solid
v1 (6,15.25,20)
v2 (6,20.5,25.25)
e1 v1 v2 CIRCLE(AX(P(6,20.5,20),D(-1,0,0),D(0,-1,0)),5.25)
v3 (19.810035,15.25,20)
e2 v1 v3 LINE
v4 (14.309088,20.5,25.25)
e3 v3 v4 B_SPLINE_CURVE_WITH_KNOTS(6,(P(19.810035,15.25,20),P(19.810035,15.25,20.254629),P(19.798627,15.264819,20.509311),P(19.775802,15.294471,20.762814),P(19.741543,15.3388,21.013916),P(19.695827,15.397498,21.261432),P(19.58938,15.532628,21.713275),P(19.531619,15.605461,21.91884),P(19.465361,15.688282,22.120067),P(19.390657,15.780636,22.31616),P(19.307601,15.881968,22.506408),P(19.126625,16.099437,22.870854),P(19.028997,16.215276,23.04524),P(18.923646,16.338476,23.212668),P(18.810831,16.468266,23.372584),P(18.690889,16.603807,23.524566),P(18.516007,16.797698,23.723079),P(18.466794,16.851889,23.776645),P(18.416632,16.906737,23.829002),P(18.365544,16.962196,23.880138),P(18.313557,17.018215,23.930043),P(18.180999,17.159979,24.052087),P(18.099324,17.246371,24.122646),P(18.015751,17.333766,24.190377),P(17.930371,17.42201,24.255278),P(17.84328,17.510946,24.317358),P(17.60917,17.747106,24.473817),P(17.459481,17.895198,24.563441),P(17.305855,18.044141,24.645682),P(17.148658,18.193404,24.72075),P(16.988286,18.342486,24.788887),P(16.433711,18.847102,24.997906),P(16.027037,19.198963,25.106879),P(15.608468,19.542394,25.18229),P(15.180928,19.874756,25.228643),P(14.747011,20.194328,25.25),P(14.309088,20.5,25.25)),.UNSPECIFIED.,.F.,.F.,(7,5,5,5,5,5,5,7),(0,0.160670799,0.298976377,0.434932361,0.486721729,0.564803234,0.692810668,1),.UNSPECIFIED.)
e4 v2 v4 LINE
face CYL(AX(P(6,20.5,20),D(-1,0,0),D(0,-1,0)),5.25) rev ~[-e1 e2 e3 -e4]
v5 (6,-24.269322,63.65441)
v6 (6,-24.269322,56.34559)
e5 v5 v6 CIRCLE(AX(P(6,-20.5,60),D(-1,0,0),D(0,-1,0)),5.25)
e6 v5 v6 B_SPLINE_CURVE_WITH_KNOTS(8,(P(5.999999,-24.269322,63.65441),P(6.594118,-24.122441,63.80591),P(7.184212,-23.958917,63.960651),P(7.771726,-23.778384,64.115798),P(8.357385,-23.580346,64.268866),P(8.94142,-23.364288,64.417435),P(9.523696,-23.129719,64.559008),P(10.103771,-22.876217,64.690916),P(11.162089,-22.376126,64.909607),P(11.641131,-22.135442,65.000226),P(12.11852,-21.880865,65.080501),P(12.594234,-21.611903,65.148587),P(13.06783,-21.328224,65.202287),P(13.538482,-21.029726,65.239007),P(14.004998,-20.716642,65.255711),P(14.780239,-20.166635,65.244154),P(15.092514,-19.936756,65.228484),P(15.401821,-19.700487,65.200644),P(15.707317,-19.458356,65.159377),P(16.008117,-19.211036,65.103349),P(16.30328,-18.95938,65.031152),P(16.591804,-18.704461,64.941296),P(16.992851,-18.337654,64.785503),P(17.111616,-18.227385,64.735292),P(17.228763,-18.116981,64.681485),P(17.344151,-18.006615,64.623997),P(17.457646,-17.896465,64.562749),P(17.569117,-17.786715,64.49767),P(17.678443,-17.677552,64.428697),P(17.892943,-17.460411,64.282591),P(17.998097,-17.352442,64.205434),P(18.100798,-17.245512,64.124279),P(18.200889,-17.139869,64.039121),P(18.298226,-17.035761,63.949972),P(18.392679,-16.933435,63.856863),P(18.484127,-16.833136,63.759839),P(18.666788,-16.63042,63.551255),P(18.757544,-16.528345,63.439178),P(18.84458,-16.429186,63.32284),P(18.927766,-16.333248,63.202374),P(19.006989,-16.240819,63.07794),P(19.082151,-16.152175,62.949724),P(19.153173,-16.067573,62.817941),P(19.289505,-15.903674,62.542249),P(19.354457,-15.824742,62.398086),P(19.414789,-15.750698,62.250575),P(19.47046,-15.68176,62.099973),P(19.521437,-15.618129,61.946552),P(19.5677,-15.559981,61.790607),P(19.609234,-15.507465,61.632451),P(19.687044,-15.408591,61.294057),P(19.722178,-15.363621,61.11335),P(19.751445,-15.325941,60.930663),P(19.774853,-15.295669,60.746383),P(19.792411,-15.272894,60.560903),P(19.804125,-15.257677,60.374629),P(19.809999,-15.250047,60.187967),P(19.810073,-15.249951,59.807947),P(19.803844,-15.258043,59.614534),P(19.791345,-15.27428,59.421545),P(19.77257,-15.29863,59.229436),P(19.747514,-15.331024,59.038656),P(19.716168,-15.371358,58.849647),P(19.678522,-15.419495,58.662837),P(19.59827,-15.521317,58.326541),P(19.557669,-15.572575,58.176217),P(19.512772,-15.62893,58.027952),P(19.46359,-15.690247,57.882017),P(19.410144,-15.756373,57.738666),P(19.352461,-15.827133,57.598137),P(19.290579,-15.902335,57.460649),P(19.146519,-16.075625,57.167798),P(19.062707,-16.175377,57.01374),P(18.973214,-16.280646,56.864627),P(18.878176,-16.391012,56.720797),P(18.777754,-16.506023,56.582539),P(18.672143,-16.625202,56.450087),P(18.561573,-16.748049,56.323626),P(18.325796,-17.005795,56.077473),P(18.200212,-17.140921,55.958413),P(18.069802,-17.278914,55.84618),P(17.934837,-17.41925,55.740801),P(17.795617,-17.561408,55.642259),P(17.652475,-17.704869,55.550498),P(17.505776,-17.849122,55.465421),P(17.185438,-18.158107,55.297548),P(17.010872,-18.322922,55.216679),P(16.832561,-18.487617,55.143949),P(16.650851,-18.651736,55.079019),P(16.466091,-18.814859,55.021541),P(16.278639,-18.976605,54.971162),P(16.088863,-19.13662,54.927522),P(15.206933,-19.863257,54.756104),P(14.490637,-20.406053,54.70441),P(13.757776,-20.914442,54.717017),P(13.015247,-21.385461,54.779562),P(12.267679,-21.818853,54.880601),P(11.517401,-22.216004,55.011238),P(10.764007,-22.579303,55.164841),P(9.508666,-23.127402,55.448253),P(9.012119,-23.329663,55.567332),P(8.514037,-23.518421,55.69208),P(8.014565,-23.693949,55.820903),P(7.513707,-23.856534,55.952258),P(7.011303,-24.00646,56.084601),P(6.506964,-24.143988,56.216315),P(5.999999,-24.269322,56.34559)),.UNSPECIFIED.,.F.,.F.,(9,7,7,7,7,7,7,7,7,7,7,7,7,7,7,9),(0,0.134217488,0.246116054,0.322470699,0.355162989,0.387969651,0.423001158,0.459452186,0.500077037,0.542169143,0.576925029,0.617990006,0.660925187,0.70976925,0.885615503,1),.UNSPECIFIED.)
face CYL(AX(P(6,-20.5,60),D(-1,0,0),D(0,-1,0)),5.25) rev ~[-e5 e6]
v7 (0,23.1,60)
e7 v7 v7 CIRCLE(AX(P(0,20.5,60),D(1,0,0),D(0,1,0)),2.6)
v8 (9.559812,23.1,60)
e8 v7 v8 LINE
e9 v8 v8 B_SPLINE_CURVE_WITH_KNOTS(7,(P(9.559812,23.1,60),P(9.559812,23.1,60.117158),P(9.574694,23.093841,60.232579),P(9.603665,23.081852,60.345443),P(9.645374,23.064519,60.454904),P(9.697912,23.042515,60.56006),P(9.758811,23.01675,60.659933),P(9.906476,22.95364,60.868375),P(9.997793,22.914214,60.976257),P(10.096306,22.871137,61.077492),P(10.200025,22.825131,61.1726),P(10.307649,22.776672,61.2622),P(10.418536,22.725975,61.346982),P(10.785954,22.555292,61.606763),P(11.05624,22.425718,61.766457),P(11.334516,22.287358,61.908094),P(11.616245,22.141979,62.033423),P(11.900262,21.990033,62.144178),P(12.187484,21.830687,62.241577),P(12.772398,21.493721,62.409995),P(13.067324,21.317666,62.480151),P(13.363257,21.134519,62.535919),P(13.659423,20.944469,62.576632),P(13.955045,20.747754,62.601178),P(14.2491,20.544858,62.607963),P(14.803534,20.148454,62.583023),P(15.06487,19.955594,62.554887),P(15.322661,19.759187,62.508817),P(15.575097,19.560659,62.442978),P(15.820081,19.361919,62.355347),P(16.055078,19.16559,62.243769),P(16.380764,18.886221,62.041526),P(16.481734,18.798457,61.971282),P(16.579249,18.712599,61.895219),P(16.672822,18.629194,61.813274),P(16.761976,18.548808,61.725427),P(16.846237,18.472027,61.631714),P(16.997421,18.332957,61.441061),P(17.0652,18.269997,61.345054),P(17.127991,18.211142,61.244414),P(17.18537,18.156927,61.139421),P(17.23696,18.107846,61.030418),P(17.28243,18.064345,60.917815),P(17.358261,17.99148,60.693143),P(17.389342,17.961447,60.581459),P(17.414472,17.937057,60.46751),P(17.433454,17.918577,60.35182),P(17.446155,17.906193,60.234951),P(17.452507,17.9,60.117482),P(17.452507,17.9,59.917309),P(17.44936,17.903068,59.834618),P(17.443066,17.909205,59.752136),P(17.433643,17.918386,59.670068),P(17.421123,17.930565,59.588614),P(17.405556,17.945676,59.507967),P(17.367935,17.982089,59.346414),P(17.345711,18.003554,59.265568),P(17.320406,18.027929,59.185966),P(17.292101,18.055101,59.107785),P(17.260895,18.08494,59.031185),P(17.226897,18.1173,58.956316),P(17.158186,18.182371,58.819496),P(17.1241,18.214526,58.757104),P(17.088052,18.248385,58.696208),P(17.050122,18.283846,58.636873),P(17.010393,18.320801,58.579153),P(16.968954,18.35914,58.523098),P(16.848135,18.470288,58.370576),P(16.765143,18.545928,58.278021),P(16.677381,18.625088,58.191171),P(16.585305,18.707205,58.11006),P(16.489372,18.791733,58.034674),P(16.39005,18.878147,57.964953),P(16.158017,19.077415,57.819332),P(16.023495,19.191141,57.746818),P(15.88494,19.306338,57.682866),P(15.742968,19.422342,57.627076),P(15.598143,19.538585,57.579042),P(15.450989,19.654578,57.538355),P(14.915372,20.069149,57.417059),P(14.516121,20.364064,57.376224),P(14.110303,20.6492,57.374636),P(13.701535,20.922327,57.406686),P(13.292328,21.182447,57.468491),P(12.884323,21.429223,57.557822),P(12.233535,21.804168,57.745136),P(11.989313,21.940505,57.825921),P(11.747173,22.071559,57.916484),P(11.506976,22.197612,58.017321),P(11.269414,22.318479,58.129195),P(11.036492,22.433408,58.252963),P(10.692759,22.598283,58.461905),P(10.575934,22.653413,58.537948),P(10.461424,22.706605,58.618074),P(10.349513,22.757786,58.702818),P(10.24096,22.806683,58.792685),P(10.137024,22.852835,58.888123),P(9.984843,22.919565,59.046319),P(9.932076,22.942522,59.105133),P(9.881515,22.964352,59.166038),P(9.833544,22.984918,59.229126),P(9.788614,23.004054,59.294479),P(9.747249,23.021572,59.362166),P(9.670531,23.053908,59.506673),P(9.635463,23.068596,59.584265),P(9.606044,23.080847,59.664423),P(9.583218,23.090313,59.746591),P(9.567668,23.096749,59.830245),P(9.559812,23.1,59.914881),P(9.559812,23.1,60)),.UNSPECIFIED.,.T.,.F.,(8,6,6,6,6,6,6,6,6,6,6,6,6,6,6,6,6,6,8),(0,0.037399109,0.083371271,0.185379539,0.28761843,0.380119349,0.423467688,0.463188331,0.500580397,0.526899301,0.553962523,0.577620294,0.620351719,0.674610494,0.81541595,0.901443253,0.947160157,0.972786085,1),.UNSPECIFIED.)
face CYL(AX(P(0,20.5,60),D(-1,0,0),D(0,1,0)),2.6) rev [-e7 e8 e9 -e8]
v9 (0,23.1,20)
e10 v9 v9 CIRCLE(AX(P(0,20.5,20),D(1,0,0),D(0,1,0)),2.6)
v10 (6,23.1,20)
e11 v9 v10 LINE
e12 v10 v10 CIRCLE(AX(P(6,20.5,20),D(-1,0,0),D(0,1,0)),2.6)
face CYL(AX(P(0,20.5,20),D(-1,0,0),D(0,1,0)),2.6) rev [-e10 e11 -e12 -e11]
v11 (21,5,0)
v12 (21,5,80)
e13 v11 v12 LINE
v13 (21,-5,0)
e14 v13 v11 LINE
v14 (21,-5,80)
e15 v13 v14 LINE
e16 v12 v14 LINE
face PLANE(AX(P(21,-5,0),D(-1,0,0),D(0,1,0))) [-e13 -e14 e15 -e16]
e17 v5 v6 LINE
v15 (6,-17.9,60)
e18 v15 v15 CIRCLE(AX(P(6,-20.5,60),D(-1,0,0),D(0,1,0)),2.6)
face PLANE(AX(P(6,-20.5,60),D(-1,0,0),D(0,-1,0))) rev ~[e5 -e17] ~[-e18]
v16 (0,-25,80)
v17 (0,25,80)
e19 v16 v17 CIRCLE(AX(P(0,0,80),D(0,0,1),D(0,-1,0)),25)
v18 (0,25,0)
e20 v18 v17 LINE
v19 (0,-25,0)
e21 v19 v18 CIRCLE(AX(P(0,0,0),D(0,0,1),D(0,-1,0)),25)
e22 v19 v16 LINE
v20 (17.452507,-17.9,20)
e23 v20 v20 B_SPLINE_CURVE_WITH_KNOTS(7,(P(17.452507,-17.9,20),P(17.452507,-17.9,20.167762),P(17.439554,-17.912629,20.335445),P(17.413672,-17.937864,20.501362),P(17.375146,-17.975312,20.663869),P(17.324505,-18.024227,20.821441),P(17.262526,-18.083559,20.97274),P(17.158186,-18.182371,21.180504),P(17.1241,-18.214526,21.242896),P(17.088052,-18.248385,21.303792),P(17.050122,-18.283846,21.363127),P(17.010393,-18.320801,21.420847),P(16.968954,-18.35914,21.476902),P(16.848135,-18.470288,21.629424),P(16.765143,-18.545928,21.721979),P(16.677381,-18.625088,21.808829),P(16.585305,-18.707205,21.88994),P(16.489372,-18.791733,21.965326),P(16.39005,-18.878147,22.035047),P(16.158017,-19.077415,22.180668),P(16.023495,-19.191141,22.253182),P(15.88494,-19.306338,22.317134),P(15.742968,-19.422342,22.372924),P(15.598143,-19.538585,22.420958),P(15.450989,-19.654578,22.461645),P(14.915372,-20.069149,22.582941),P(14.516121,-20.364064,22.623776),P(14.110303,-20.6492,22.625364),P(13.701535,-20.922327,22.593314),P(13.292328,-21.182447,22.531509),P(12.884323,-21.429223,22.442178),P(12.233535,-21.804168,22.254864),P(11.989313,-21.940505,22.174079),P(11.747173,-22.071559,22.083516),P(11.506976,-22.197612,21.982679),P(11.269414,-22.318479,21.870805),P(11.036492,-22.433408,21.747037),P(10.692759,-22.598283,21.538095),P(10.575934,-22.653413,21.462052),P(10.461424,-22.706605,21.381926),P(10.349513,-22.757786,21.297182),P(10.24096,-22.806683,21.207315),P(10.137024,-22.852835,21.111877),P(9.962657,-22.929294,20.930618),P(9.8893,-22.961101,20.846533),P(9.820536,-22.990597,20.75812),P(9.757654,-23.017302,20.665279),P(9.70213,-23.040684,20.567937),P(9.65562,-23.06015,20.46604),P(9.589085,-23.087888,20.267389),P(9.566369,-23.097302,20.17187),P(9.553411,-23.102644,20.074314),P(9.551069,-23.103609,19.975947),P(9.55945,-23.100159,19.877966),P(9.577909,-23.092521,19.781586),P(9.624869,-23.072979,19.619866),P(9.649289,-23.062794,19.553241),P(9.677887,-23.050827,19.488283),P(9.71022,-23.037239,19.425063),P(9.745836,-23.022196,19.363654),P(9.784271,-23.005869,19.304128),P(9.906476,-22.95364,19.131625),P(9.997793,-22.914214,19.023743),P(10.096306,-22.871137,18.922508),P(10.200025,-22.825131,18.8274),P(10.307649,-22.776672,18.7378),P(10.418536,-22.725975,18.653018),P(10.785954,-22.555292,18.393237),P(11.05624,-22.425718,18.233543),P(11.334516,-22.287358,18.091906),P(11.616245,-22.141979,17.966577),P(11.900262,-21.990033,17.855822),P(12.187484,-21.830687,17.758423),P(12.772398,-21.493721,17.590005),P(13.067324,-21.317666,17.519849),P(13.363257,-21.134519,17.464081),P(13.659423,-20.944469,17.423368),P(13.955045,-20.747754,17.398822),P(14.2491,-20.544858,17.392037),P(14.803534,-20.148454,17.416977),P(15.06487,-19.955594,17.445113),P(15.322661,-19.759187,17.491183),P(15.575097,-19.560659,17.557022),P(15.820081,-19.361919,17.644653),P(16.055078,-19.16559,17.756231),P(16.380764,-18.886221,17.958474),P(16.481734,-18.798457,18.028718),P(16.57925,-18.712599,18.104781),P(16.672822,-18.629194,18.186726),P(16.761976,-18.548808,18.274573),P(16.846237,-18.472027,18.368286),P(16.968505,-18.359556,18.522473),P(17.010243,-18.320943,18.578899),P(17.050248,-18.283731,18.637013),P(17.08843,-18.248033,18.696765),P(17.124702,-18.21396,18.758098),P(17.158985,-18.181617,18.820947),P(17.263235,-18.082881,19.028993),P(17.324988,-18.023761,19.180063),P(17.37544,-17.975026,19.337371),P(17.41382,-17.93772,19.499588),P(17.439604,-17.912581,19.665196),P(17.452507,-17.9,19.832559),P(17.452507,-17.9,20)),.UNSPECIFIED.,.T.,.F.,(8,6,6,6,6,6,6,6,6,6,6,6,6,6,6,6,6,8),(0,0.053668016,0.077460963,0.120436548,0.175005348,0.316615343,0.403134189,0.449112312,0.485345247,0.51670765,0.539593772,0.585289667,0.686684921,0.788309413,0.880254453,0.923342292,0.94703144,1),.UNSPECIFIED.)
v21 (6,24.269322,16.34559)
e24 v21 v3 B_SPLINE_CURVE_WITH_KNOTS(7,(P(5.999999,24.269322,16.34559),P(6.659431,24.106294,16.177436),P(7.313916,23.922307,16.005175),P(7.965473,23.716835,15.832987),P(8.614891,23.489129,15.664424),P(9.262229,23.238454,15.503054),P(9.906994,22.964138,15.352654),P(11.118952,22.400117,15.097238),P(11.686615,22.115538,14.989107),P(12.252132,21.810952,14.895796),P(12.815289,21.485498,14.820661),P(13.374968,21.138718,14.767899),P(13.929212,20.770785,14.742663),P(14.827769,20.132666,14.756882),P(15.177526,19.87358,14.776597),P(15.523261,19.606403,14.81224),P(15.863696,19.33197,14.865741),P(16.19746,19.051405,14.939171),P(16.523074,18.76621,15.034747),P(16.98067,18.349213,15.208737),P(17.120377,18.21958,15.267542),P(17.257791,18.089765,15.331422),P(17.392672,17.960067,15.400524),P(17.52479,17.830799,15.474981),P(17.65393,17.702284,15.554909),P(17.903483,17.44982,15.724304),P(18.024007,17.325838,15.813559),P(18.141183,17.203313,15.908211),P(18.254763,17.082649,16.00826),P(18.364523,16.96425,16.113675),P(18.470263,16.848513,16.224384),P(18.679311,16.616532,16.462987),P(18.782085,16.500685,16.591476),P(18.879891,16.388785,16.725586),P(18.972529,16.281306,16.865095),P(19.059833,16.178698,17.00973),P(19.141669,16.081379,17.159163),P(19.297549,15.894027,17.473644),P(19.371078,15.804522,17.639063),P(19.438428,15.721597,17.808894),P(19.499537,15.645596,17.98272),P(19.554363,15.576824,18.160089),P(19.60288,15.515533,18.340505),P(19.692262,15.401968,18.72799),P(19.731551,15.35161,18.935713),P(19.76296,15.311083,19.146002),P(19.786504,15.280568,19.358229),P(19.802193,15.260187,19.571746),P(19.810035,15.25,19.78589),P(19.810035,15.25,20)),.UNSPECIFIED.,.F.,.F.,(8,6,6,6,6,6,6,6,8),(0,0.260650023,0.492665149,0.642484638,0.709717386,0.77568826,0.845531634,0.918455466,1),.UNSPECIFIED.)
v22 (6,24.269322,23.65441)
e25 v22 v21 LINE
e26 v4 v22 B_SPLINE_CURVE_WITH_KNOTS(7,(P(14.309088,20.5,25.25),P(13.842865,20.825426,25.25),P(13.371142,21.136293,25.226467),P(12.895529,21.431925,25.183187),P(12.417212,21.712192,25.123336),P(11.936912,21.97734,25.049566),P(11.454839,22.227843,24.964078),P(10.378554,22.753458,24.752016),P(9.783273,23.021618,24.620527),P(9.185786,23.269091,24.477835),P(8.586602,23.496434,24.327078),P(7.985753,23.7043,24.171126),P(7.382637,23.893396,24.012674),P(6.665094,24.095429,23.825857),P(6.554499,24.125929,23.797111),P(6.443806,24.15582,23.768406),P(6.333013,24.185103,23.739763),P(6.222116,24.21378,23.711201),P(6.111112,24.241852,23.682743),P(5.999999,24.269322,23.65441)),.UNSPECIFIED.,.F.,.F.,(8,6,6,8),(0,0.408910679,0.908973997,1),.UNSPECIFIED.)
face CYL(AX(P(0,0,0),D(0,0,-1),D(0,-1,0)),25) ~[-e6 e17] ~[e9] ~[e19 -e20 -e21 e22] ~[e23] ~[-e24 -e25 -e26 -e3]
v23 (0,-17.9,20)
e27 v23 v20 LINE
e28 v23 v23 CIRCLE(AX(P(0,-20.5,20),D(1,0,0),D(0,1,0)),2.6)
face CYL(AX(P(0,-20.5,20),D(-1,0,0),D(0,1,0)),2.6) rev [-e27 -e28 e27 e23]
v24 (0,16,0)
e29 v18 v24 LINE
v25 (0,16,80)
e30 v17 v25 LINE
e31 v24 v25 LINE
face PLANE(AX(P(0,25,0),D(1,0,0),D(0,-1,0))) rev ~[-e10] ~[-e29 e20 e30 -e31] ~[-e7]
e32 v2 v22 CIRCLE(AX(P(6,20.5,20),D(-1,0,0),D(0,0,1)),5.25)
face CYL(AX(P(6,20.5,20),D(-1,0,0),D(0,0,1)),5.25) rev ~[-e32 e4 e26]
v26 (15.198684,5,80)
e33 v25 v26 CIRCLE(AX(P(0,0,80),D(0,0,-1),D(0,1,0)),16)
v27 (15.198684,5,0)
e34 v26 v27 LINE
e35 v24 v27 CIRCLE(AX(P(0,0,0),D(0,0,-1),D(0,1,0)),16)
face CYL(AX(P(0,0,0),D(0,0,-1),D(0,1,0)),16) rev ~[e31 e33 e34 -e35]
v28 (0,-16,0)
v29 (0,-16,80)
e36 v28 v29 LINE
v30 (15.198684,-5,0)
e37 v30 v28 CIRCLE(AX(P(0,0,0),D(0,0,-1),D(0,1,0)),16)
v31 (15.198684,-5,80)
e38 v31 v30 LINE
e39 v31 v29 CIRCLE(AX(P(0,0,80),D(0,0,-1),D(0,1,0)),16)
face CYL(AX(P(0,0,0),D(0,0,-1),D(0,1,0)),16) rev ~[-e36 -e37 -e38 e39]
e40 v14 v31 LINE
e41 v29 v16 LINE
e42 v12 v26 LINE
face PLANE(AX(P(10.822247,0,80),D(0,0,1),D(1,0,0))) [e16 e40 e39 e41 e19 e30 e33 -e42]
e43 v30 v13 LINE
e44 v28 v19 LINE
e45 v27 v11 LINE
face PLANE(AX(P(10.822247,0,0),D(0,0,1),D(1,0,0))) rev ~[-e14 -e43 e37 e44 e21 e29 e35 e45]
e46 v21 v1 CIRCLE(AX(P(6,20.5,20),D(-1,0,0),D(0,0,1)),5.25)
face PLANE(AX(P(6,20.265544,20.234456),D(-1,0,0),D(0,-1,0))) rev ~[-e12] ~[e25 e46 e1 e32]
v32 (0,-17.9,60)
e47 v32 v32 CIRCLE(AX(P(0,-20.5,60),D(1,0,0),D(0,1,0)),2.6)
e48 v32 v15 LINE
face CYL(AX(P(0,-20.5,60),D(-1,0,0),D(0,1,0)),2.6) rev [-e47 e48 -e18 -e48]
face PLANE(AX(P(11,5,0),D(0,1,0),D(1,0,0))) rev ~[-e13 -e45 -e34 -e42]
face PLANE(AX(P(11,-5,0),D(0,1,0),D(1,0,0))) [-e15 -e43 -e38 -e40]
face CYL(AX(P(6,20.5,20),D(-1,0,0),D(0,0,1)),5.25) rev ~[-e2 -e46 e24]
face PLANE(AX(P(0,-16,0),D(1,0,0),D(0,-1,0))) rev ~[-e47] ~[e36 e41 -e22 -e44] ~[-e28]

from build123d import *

# Parameters (mm, degrees)
F1_DEPTH = 80
F2_R     = 2.6
F3_DEPTH = 25.001
F6_DEPTH = 25
F7_W     = 10
F7_H     = 10
F8_DEPTH = 80.0010001


with BuildPart() as f1:
    # F0 (on Top) → F1 (new body)
    with BuildSketch(Plane.XY):
        with BuildLine():
            Line((0, -16), (0, -25))
            ThreePointArc((0, -25), (25, 0), (0, 25))
            Line((0, 25), (0, 16))
            ThreePointArc((0, 16), (16, 0), (0, -16))
        make_face()
    extrude(amount=F1_DEPTH)

    # F2 (on Right) → F3 (cut, through all)
    with BuildSketch(Plane.YZ):
        with Locations((-20.5, 20)):
            Circle(F2_R)
        with Locations((-20.5, 60)):
            Circle(F2_R)
        with Locations((20.5, 60)):
            Circle(F2_R)
        with Locations((20.5, 20)):
            Circle(F2_R)
    extrude(amount=F3_DEPTH, mode=Mode.SUBTRACT)

    # F5 (on offset) → F6 (cut)
    with BuildSketch(Plane(origin=(6, 0, 0), x_dir=(0, -1, 0), z_dir=(-1, 0, 0))):
        with BuildLine():
            ThreePointArc((15.25, 60), (20.5, 54.75), (25.75, 60))
            ThreePointArc((25.75, 60), (20.5, 65.25), (15.25, 60))
        make_face()
        with BuildLine():
            ThreePointArc((-15.25, 20), (-16.7876893988, 23.7123106012), (-20.5, 25.25))
            ThreePointArc((-20.5, 25.25), (-24.2123106012, 16.2876893988), (-15.25, 20))
        make_face()
    extrude(amount=-F6_DEPTH, mode=Mode.SUBTRACT)

    # F7 (on Top) → F8 (cut, through all)
    with BuildSketch(Plane.XY):
        with Locations((16, 0)):
            Rectangle(F7_W, F7_H)
    extrude(amount=F8_DEPTH, mode=Mode.SUBTRACT)


solid = f1.part
